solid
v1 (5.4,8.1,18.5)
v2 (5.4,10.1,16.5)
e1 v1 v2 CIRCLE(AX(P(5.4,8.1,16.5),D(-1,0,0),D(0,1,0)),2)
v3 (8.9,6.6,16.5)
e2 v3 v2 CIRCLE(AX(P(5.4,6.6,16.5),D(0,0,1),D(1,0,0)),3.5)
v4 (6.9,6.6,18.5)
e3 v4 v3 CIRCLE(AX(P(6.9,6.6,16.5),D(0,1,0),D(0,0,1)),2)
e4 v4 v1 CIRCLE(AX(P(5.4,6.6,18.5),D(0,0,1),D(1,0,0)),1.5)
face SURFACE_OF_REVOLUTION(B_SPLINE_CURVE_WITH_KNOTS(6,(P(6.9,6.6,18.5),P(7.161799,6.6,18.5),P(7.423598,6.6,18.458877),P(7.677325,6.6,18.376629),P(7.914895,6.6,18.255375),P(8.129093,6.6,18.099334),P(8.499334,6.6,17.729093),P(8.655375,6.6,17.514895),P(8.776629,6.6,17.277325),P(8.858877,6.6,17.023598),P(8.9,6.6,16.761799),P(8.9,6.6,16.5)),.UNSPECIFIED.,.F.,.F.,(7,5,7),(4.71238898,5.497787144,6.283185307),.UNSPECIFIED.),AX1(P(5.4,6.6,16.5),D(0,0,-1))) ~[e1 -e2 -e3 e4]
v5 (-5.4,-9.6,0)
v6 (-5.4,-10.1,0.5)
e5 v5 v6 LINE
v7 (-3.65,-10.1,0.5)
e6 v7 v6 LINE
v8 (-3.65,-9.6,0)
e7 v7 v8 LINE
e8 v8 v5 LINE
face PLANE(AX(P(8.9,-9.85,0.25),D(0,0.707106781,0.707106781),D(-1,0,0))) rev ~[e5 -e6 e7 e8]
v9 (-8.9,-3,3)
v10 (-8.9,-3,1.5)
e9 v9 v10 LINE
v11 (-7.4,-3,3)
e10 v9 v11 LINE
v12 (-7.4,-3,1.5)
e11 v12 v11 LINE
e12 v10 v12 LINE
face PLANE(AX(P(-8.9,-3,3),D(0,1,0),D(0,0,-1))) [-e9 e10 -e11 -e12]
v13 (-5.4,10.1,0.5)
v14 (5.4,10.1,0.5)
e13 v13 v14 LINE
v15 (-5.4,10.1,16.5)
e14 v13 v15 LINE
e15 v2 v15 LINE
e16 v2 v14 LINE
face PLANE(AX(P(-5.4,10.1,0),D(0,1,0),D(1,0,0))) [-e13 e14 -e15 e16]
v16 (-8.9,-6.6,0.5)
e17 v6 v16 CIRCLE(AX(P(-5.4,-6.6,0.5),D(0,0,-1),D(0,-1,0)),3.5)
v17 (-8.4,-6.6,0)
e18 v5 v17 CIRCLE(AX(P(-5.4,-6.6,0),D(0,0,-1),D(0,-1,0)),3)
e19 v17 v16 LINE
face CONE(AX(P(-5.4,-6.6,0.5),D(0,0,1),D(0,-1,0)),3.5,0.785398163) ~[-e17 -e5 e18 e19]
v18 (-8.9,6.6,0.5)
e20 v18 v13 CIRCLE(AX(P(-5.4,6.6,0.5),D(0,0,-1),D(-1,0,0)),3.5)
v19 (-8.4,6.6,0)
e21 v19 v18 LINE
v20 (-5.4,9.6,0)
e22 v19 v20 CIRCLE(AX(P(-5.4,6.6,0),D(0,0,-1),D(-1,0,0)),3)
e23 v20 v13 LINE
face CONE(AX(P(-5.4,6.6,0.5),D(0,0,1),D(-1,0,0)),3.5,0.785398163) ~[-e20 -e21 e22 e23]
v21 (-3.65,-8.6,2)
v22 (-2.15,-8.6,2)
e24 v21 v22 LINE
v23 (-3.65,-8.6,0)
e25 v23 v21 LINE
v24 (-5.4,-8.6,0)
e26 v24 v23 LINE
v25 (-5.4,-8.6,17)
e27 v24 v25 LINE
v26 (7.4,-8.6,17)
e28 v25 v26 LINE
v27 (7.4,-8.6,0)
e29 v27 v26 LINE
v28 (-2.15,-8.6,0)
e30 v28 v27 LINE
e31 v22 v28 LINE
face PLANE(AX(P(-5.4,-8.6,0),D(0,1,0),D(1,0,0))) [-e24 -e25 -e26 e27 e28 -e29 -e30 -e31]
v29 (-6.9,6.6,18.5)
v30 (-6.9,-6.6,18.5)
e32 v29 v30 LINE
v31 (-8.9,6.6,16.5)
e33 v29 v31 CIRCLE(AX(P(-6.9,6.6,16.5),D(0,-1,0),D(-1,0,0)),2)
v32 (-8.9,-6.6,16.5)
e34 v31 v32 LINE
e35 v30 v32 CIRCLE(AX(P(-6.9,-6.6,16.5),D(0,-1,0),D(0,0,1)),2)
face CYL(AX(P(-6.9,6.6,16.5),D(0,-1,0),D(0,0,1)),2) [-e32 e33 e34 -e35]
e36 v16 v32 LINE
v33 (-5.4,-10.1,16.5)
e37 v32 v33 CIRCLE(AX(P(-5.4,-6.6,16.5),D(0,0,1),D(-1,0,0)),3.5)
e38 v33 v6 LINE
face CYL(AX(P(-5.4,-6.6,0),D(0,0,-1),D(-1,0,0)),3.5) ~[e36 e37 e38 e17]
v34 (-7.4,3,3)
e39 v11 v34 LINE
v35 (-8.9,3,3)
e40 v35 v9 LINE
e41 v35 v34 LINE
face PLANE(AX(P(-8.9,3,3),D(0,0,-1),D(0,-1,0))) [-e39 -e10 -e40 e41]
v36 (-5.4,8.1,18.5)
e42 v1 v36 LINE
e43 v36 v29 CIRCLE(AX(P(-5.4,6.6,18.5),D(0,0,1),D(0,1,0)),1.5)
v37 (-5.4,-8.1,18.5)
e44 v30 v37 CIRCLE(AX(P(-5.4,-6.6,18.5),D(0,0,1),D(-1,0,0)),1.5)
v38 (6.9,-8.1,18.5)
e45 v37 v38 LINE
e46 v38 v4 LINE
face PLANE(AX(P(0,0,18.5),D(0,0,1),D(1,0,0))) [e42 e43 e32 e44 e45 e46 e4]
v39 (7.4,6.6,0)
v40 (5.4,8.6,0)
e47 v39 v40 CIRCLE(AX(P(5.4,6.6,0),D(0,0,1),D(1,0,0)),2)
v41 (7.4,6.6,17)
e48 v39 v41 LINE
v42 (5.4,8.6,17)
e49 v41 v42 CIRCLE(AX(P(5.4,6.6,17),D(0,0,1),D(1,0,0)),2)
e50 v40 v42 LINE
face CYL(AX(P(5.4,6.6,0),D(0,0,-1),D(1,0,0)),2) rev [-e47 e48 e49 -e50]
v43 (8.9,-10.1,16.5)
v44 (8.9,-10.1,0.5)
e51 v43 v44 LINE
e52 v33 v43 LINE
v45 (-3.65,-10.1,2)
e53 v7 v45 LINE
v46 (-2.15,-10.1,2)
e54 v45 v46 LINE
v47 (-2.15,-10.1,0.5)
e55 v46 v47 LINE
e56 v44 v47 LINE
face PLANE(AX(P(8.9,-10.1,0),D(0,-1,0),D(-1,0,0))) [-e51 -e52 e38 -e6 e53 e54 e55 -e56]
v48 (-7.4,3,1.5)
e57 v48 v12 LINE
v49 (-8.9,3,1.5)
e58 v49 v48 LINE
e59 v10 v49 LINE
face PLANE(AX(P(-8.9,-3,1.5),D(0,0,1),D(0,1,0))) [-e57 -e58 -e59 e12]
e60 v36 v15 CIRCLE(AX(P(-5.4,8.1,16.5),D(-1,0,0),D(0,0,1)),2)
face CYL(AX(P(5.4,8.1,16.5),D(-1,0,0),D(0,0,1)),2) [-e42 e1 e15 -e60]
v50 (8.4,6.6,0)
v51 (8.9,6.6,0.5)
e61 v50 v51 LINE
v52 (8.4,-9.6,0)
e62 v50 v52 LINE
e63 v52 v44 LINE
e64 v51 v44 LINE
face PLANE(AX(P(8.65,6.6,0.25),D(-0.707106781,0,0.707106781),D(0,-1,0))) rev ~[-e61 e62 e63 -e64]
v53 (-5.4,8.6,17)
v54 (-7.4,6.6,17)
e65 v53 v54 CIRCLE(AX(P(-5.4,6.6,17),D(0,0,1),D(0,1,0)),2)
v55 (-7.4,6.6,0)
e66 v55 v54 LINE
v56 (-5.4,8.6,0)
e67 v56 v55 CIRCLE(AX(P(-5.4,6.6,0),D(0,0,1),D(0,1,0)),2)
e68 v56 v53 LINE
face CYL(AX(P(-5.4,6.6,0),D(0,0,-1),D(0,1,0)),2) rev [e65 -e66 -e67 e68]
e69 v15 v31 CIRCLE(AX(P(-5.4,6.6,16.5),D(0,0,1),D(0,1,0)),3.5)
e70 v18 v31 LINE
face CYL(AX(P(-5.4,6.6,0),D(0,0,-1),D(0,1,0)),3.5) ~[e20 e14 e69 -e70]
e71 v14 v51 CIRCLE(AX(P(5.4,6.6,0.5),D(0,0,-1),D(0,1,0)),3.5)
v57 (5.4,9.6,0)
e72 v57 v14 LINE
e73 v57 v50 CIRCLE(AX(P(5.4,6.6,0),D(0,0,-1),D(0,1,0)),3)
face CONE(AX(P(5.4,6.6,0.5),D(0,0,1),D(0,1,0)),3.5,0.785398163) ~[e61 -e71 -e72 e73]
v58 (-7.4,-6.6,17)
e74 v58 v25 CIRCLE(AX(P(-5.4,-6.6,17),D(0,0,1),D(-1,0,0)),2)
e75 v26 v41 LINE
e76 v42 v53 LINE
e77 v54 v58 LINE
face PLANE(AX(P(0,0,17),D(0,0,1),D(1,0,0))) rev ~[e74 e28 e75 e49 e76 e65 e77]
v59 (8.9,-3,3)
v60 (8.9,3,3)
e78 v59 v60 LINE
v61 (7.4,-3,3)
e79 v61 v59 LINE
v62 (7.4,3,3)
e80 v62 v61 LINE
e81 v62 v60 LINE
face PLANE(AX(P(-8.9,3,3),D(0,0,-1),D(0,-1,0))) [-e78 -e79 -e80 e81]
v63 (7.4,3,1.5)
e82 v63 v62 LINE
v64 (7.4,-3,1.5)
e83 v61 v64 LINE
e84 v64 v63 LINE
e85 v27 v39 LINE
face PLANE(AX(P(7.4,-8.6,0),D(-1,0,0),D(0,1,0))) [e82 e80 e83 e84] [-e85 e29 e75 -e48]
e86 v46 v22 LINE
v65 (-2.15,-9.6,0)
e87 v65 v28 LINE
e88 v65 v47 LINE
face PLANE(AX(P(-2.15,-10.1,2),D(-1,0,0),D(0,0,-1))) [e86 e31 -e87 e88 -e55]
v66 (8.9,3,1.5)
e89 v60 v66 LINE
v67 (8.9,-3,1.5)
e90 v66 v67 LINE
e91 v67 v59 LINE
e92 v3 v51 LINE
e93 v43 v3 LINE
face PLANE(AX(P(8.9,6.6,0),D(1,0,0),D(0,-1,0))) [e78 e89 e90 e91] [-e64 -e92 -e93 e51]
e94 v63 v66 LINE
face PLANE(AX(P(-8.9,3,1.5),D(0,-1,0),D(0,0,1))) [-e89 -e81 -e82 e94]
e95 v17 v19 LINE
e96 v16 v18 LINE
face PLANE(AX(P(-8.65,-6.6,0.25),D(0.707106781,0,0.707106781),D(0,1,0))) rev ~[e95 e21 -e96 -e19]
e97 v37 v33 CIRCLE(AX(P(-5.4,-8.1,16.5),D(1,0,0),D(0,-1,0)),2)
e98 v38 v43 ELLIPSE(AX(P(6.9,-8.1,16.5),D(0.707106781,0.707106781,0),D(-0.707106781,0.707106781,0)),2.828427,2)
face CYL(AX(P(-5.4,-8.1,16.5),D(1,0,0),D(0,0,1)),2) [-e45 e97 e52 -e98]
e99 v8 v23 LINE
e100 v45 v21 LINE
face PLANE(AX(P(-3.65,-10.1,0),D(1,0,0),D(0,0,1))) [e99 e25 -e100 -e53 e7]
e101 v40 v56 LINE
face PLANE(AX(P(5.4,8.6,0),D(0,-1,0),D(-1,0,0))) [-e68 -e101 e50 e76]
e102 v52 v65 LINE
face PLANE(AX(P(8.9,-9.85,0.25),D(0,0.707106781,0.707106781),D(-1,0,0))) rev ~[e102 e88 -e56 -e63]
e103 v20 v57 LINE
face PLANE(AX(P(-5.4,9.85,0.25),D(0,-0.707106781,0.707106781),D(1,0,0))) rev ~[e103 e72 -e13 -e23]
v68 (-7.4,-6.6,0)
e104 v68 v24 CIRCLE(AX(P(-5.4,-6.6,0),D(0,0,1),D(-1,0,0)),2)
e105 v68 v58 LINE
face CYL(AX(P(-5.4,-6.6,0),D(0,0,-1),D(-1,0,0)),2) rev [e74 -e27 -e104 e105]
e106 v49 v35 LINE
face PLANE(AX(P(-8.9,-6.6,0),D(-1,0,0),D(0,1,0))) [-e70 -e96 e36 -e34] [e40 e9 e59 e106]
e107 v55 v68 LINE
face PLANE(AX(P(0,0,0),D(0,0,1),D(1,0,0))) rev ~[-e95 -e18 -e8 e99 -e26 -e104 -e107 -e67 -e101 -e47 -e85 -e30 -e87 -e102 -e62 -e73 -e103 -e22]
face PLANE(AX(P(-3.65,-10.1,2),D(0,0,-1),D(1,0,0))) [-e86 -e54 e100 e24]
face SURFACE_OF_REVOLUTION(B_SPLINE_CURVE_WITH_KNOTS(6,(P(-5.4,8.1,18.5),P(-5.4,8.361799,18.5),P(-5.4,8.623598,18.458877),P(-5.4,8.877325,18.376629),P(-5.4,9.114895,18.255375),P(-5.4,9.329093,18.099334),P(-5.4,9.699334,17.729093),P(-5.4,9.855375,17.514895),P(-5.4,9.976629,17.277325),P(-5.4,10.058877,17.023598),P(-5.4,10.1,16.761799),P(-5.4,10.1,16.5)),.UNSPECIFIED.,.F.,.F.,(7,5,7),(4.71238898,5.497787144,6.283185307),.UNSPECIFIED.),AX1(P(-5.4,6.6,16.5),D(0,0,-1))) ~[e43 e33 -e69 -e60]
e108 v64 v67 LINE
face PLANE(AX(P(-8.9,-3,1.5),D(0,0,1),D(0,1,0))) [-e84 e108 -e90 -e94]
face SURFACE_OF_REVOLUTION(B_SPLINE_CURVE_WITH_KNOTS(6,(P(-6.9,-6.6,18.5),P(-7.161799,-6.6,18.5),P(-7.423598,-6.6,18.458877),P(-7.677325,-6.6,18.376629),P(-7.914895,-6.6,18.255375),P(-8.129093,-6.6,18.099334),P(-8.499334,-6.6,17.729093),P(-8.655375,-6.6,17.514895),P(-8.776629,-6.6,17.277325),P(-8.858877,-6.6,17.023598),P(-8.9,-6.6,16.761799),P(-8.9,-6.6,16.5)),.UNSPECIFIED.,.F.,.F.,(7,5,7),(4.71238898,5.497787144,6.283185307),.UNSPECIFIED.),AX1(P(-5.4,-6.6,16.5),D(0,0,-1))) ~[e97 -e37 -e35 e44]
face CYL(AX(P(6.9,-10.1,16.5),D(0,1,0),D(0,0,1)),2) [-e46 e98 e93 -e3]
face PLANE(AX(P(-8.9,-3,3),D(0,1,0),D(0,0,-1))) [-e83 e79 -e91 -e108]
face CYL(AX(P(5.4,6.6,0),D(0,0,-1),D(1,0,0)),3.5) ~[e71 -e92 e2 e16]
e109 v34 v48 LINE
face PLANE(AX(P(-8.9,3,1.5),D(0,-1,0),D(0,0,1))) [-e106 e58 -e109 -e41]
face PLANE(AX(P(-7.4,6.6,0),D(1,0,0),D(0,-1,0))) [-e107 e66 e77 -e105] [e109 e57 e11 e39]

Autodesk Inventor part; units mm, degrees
ref_plane "YZ Plane" through (0, 0, 0) normal (1, 0, 0) x (0, 1, 0)
ref_plane "XZ Plane" through (0, 0, 0) normal (0, 1, 0) x (-1, 0, 0)
ref_plane "XY Plane" through (0, 0, 0) normal (0, 0, 1) x (1, 0, 0)
sketch "스케치1" plane through (0, 0, 0) normal (0, 0, 1) x (1, 0, 0)
  line L0 (-5.4, -8.6) -> (7.4, -8.6)
  line L1 (7.4, -8.6) -> (7.4, 6.6)
  line L2 (5.4, 8.6) -> (-5.4, 8.6)
  line L3 (-7.4, 6.6) -> (-7.4, -6.6)
  line L4 (-7.4, -8.6) -> (7.4, 8.6) construction
  line L5 (7.4, -8.6) -> (-7.4, 8.6) construction
  arc A0 (-5.4, 8.6) -> (-7.4, 6.6) centre (-5.4, 6.6) ccw
  arc A1 (7.4, 6.6) -> (5.4, 8.6) centre (5.4, 6.6) ccw
  arc A2 (-7.4, -6.6) -> (-5.4, -8.6) centre (-5.4, -6.6) ccw
  line L6 (-5.4, 10.1) -> (5.4, 10.1)
  arc A3 (8.9, 6.6) -> (5.4, 10.1) centre (5.4, 6.6) ccw
  line L7 (8.9, 6.6) -> (8.9, -10.1)
  line L8 (8.9, -10.1) -> (-5.4, -10.1)
  arc A4 (-8.9, -6.6) -> (-5.4, -10.1) centre (-5.4, -6.6) ccw
  line L9 (-8.9, -6.6) -> (-8.9, 6.6)
  arc A5 (-5.4, 10.1) -> (-8.9, 6.6) centre (-5.4, 6.6) ccw
  point P0 (0, 0)
  dimension "d0" = 17.2
  dimension "d1" = 14.8
  dimension "d2" = 2
  dimension "d3" = 1.5
extrude "돌출1" add sketch "스케치1" along normal blind 17
sketch "스케치2" plane through (0, 0, 17) normal (0, 0, 1) x (1, 0, 0)
  line L0 (-5.4, -10.1) -> (8.9, -10.1) projected
  line L1 (8.9, -10.1) -> (8.9, 6.6) projected
  arc A0 (8.9, 6.6) -> (5.4, 10.1) centre (5.4, 6.6) ccw projected
  line L2 (5.4, 10.1) -> (-5.4, 10.1) projected
  arc A1 (-5.4, 10.1) -> (-8.9, 6.6) centre (-5.4, 6.6) ccw projected
  line L3 (-8.9, 6.6) -> (-8.9, -6.6) projected
  arc A2 (-8.9, -6.6) -> (-5.4, -10.1) centre (-5.4, -6.6) ccw projected
  point P0 (0, 0)
extrude "돌출2" add sketch "스케치2" along normal blind 1.5
sketch "스케치3" plane through (-8.9, -6.6, 0) normal (-1, 0, 0) x (0, 0, 1)
  line L0 (0, 13.2) -> (0, 0) projected
  line L1 (3, 3.6) -> (1.5, 3.6)
  line L2 (1.5, 3.6) -> (1.5, 9.6)
  line L3 (1.5, 9.6) -> (3, 9.6)
  line L4 (3, 9.6) -> (3, 3.6)
  point P0 (0, 6.6)
  point P1 (0, 6.6)
  point P2 (1.5, 6.6)
  dimension "d8" = 6
  dimension "d9" = 1.5
  dimension "d10" = 1.5
extrude "돌출3" cut sketch "스케치3" against normal through all
fillet "모깎기1" radius 2 7 edges at (-7.8749, -9.0749, 18.5) (1.75, -10.1, 18.5) (-7.8749, 9.0749, 18.5) (0, 10.1, 18.5) (7.8749, 9.0749, 18.5) (8.9, -1.75, 18.5) (-8.9, 0, 18.5)
chamfer "모따기1" distance 0.5 angle 45 7 edges at (1.75, -10.1, 0) (-7.8749, -9.0749, 0) (-8.9, 0, 0) (-7.8749, 9.0749, 0) (0, 10.1, 0) (7.8749, 9.0749, 0) (8.9, -1.75, 0)
sketch "스케치4" plane through (-5.4, -10.1, 16.5) normal (0, -1, 0) x (1, 0, 0)
  line L0 (1.75, -14.5) -> (3.25, -14.5)
  line L1 (3.25, -14.5) -> (3.25, -16.5)
  line L2 (3.25, -16.5) -> (1.75, -16.5)
  line L3 (1.75, -16.5) -> (1.75, -14.5)
  line L4 (-3.5, -16) -> (-3.5, 0) projected
  line L5 (0, -16.5) -> (13.8, -16.5) projected
  point P0 (5.4, -16.5)
  point P1 (2.5, -14.5)
  point P2 (2.5, -14.5)
  dimension "d17" = 1.5
  dimension "d18" = 2
  dimension "d19" = 6
extrude "돌출4" cut sketch "스케치4" against normal up to surface (1.5 mm away)
properties part number "_3D 인쇄"
